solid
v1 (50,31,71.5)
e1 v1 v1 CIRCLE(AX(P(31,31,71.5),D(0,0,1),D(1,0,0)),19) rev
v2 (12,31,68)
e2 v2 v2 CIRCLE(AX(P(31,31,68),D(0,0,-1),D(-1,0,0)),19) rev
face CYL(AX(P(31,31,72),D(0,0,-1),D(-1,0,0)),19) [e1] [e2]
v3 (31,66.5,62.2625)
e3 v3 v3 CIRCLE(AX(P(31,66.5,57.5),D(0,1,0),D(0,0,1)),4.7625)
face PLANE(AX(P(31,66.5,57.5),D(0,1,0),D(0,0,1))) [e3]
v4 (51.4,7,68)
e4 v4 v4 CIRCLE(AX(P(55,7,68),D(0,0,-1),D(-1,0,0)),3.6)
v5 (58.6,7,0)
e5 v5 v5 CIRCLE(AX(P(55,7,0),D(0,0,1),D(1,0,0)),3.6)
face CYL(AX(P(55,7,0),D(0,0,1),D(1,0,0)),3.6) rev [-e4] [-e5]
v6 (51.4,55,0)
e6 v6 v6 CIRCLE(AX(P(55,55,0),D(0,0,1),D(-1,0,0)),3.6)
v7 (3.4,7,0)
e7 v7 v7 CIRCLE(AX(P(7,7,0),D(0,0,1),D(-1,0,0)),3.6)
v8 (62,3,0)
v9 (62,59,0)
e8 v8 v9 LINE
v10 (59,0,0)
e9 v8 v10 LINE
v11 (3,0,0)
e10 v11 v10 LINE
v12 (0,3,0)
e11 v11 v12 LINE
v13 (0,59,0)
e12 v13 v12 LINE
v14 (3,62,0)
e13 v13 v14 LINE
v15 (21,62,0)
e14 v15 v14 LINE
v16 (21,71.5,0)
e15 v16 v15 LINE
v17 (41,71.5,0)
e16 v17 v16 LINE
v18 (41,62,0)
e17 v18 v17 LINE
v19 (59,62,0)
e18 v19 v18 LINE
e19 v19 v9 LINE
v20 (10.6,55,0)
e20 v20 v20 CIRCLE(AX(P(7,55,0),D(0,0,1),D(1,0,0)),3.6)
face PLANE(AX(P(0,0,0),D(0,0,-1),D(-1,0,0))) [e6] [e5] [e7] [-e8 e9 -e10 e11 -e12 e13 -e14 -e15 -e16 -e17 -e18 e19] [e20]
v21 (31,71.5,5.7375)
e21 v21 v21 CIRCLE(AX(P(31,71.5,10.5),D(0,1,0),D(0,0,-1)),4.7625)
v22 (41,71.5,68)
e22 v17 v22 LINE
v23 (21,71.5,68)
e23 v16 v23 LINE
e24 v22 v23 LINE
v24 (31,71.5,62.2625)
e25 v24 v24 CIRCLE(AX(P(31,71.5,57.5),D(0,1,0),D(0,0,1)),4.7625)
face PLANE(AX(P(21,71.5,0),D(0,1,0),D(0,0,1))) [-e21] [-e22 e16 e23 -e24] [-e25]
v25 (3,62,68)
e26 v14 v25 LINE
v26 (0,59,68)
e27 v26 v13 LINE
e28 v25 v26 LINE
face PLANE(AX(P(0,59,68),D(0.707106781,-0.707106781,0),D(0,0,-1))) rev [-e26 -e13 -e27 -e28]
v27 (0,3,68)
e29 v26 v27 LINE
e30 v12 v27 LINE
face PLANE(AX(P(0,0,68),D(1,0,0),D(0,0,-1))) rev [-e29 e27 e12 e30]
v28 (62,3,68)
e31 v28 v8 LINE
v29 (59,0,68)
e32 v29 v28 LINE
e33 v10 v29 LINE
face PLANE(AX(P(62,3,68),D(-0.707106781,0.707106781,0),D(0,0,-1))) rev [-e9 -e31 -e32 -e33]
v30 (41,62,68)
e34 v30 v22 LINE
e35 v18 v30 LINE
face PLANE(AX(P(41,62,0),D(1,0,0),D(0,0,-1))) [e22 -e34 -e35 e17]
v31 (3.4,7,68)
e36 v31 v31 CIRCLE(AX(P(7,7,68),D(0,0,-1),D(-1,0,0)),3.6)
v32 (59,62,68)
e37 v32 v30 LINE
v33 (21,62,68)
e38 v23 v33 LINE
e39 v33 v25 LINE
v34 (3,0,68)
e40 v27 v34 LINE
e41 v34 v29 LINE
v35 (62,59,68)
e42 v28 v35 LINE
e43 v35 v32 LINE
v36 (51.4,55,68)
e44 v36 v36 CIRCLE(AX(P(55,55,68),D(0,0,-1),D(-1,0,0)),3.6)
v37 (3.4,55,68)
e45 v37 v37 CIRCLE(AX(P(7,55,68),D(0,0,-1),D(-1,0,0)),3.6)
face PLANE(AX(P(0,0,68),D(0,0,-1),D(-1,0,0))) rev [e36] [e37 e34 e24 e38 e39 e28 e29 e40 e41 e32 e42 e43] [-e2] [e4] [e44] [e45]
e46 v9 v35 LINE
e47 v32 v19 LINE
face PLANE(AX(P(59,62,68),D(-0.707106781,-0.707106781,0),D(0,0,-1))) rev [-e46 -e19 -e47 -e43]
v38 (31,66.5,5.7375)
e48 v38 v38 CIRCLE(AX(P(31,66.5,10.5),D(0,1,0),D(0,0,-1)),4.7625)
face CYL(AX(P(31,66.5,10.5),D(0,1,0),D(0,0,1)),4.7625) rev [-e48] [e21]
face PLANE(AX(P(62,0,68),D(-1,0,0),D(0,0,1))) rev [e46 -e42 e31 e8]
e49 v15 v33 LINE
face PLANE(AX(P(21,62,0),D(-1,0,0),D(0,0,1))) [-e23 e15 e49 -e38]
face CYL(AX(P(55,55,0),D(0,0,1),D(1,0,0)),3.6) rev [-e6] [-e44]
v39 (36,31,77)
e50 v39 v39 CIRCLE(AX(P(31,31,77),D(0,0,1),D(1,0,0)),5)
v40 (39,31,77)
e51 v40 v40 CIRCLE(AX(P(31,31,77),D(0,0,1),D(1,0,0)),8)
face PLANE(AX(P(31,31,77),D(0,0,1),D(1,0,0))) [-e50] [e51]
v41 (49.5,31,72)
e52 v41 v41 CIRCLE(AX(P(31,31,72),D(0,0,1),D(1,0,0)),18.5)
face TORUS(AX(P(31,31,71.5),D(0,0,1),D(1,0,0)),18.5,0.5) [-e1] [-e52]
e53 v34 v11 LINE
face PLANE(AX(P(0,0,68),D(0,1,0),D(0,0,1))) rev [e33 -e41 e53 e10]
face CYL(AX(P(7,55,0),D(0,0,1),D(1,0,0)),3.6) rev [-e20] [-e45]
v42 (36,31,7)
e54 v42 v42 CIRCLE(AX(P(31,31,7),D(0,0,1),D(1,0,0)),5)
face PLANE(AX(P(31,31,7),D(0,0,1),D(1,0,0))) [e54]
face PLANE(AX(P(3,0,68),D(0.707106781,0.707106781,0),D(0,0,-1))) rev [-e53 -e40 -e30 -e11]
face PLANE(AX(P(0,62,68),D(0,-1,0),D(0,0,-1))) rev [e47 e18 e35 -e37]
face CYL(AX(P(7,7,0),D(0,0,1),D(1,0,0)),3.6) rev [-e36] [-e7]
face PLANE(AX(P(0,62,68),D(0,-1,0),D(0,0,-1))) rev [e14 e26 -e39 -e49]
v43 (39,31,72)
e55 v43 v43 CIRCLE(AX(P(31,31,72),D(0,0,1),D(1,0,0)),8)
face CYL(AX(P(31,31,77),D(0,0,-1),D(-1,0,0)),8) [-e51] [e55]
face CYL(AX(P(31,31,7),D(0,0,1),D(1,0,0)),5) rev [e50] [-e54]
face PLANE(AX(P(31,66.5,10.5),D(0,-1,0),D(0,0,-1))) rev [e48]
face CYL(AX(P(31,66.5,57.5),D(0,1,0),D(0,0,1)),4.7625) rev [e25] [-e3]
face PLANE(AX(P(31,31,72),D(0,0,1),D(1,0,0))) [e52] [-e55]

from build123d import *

# Parameters (mm, degrees)
ESQUISSE1_W                  = 62
ESQUISSE1_H                  = 62
BOSS_EXTRU_1_DEPTH           = 68
ESQUISSE2_R                  = 19
BOSS_EXTRU_2_DEPTH           = 4
ESQUISSE3_R                  = 8
BOSS_EXTRU_3_DEPTH           = 5
ENL_V_MAT_EXTRU_1_DEPTH      = 111.959452053
ENL_V_MAT_EXTRU_1_DEPTH_BACK = 111.959452053
ESQUISSE4_R                  = 3.6
CHANFREIN1_SIZE              = 3
ESQUISSE5_W                  = 20
ESQUISSE5_H                  = 9.5
BOSS_EXTRU_4_DEPTH           = 68
ESQUISSE6_R                  = 4.7625
ENL_V_MAT_EXTRU_2_DEPTH      = 5
ESQUISSE7_R                  = 5
ENL_V_MAT_EXTRU_3_DEPTH      = 70
CONG_1_R                     = 0.5


with BuildPart() as part:
    # Esquisse1 → Boss.-Extru.1 (new body)
    with BuildSketch(Plane.XY):
        with Locations((31, 31)):
            Rectangle(ESQUISSE1_W, ESQUISSE1_H)
    extrude(amount=BOSS_EXTRU_1_DEPTH)

    # Esquisse2 → Boss.-Extru.2 (add)
    with BuildSketch(Plane.XY.offset(68)):
        with Locations(Location((31, 31, 0), (0, 0, 180))):
            Circle(ESQUISSE2_R)
    extrude(amount=BOSS_EXTRU_2_DEPTH)

    # Esquisse3 → Boss.-Extru.3 (add)
    with BuildSketch(Plane.XY.offset(72)):
        with Locations((31, 31)):
            Circle(ESQUISSE3_R)
    extrude(amount=BOSS_EXTRU_3_DEPTH)

    # Esquisse4 → Enlèv. mat.-Extru.1 (cut, two sides: drawn at the far end of the back side and taken through both)
    with BuildSketch(Plane.XY.offset(68).offset(-ENL_V_MAT_EXTRU_1_DEPTH_BACK)):
        with Locations((7, 55)):
            Circle(ESQUISSE4_R)
        with Locations(Location((55, 55, 0), (0, 0, 180))):
            Circle(ESQUISSE4_R)
        with Locations((55, 7)):
            Circle(ESQUISSE4_R)
        with Locations(Location((7, 7, 0), (0, 0, 180))):
            Circle(ESQUISSE4_R)
    extrude(amount=ENL_V_MAT_EXTRU_1_DEPTH + ENL_V_MAT_EXTRU_1_DEPTH_BACK, mode=Mode.SUBTRACT)

    # Chanfrein1
    chanfrein1_edges = [part.edges().sort_by_distance(p)[0] for p in [
        (0, 62, 34),
        (62, 62, 34),
        (62, 0, 34),
        (0, 0, 34),
    ]]
    chamfer(chanfrein1_edges, length=CHANFREIN1_SIZE)

    # Esquisse5 → Boss.-Extru.4 (add)
    with BuildSketch(Plane.XY.offset(68)):
        with Locations((31, 66.75)):
            Rectangle(ESQUISSE5_W, ESQUISSE5_H)
    extrude(amount=-BOSS_EXTRU_4_DEPTH)

    # Esquisse6 → Enlèv. mat.-Extru.2 (cut)
    with BuildSketch(Plane(origin=(0, 71.5, 0), x_dir=(1, 0, 0), z_dir=(0, 1, 0))):
        with Locations(Location((31, -57.5, 0), (0, 0, 270))):
            Circle(ESQUISSE6_R)
        with Locations(Location((31, -10.5, 0), (0, 0, 90))):
            Circle(ESQUISSE6_R)
    extrude(amount=-ENL_V_MAT_EXTRU_2_DEPTH, mode=Mode.SUBTRACT)

    # Esquisse7 → Enlèv. mat.-Extru.3 (cut)
    with BuildSketch(Plane.XY.offset(77)):
        with Locations((31, 31)):
            Circle(ESQUISSE7_R)
    extrude(amount=-ENL_V_MAT_EXTRU_3_DEPTH, mode=Mode.SUBTRACT)

    # Congé1
    cong_1_edges = [part.edges().sort_by_distance(p)[0] for p in [
        (50, 31, 72),
    ]]
    fillet(cong_1_edges, radius=CONG_1_R)


solid = part.part
